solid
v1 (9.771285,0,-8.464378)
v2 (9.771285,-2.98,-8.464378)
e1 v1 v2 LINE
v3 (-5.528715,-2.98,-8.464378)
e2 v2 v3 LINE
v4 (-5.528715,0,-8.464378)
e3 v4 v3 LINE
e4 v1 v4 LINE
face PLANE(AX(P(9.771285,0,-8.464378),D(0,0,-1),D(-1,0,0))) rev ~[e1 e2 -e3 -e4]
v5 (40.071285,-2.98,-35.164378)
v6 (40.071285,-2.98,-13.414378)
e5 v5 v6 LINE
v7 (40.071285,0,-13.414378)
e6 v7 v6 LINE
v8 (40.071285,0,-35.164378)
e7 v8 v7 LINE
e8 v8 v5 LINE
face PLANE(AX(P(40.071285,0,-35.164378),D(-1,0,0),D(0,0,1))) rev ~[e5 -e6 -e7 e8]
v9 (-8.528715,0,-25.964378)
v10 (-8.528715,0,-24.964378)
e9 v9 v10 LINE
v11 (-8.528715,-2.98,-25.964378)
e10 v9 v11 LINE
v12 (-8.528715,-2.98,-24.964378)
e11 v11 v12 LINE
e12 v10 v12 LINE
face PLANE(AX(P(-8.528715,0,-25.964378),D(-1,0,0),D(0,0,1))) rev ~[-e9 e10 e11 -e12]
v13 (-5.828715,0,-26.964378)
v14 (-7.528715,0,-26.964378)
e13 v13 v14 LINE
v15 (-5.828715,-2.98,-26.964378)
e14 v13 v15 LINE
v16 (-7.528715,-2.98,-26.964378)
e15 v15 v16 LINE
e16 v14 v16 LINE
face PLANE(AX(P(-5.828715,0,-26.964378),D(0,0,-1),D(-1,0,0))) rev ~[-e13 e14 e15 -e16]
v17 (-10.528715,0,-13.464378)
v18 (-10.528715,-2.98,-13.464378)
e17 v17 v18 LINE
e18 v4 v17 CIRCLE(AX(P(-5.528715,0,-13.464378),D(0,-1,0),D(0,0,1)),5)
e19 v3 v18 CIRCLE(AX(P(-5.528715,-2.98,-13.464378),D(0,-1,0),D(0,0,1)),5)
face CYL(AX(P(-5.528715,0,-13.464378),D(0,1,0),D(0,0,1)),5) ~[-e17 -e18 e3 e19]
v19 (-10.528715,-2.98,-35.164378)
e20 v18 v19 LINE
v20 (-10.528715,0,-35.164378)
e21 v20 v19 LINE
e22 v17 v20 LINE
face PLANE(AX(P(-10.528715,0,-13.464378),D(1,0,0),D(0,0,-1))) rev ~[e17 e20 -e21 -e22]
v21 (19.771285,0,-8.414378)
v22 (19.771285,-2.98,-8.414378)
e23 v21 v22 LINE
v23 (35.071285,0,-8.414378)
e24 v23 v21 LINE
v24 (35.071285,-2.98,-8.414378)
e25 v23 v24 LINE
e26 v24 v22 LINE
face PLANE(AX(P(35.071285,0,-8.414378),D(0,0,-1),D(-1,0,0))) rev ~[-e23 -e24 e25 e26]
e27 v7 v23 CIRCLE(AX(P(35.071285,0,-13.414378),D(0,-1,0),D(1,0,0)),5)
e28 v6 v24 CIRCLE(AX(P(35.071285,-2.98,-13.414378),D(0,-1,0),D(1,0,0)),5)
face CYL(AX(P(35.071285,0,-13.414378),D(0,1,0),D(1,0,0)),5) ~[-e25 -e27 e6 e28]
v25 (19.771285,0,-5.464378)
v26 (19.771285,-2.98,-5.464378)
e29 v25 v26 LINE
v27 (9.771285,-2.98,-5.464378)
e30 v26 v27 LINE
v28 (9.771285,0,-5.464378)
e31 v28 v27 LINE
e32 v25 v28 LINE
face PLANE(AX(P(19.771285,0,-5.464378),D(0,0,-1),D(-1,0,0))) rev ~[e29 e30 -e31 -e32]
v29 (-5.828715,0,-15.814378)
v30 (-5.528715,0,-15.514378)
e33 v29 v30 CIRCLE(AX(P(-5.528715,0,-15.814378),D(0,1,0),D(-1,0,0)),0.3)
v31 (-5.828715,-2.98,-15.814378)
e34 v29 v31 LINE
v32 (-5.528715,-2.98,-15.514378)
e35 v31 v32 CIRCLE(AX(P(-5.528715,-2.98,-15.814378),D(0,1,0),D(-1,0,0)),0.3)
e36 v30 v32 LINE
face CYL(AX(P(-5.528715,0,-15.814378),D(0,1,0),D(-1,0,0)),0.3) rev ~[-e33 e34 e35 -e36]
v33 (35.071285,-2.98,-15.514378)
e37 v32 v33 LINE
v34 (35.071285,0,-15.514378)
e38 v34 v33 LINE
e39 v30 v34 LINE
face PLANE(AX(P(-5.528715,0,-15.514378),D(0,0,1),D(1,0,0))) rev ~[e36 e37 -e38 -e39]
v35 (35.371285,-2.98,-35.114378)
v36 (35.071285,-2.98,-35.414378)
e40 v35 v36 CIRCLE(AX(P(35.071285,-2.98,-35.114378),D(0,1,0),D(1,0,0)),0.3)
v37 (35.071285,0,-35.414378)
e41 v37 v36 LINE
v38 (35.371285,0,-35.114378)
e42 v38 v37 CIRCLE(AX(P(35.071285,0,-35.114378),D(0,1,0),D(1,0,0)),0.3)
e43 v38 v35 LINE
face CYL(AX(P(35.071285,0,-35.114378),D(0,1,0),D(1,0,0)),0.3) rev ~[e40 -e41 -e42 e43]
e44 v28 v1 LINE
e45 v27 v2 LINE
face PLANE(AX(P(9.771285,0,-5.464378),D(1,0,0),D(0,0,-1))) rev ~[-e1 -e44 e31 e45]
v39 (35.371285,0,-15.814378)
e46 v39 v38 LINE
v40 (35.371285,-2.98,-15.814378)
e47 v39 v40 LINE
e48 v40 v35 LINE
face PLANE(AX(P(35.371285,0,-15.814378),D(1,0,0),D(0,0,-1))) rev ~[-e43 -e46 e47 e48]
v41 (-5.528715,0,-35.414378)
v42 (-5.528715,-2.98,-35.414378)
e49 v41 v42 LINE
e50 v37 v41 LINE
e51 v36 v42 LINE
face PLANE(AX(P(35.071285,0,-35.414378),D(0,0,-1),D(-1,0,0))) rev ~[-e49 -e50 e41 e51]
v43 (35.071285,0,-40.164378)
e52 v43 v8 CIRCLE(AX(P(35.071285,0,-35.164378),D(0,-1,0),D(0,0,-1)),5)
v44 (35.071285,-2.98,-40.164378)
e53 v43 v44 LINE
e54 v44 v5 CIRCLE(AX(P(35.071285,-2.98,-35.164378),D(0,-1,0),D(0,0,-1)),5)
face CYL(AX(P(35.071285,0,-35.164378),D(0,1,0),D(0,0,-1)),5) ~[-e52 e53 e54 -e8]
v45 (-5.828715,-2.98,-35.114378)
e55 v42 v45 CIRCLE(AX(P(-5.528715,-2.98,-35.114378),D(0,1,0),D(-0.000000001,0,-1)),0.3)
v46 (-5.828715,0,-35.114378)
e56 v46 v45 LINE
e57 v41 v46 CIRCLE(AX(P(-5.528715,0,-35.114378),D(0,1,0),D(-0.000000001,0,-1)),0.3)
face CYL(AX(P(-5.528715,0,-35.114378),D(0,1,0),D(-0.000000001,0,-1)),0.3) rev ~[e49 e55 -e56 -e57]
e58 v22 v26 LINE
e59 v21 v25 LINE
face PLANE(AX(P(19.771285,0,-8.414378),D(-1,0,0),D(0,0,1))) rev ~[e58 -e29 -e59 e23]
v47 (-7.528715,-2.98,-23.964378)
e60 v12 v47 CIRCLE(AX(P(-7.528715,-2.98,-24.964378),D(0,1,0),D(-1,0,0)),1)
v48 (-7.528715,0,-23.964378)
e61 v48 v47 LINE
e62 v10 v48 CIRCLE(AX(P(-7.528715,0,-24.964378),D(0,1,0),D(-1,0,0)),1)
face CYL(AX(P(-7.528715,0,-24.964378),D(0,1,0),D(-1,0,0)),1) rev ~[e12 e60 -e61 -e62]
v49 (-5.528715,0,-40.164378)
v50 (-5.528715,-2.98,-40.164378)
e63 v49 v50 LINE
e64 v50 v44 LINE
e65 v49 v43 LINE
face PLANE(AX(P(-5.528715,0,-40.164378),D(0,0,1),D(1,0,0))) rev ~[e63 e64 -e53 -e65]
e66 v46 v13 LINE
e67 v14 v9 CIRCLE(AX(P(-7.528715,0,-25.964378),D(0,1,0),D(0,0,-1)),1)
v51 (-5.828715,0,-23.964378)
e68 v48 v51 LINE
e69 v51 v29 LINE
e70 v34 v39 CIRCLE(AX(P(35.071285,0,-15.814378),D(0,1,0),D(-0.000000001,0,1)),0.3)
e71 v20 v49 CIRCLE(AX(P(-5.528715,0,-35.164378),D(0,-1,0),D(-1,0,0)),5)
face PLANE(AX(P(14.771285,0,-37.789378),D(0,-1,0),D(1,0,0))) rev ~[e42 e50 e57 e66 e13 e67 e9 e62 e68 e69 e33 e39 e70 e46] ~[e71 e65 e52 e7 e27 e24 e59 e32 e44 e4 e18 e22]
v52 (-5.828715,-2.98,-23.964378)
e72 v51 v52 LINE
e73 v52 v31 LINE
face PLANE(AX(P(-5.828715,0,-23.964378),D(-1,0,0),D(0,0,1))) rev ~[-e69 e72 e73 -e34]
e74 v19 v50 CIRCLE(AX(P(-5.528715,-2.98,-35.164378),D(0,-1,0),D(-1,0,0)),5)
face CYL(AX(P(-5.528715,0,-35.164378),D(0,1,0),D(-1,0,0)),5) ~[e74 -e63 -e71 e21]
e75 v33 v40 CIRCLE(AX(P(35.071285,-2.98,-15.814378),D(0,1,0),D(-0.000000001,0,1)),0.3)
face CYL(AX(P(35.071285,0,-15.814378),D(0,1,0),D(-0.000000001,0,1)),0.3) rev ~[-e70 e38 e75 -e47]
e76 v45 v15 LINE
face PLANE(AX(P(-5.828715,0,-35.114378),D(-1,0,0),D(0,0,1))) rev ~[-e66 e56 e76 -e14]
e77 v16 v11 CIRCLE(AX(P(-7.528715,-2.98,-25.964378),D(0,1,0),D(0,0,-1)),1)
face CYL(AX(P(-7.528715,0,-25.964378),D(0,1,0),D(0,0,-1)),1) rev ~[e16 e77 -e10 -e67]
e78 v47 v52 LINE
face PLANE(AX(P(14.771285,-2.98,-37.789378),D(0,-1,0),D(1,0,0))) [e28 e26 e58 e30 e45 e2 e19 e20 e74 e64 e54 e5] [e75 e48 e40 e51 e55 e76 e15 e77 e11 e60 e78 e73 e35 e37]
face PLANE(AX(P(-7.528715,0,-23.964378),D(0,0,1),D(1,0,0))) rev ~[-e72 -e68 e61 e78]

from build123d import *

# Parameters (mm, degrees)
F0_W     = 8.4663171785
F0_H     = 4.75
F1_DEPTH = 2.98


with BuildPart() as f1:
    # F0 (on Front) → F1 (new body)
    with BuildSketch(Plane.XZ):
        with Locations((14.7712850711, -37.7893784919)):
            Rectangle(F0_W, F0_H)
        with BuildLine():
            Line((19.7712850711, -8.4143784919), (19.7712850711, -5.4643784919))
            Line((19.7712850711, -5.4643784919), (9.7712850711, -5.4643784919))
            Line((9.7712850711, -5.4643784919), (9.7712850711, -8.4643784919))
            Line((9.7712850711, -8.4643784919), (-5.5287149289, -8.4643784919))
            ThreePointArc((-5.5287149289, -8.4643784919), (-9.0642488348, -9.9288445859), (-10.5287149289, -13.4643784919))
            Line((-10.5287149289, -13.4643784919), (-10.5287149289, -15.8643784919))
            Line((-10.5287149289, -15.8643784919), (-10.5287149289, -35.1643784919))
            ThreePointArc((-10.5287149289, -35.1643784919), (-9.0642488348, -38.6999123978), (-5.5287149289, -40.1643784919))
            Line((-5.5287149289, -40.1643784919), (10.5381264819, -40.1643784919))
            Line((10.5381264819, -40.1643784919), (10.5381264819, -35.4143784919))
            Line((10.5381264819, -35.4143784919), (-5.5287149289, -35.4143784919))
            ThreePointArc((-5.5287149289, -35.4143784919), (-5.7408469632, -35.3265105262), (-5.8287149289, -35.1143784919))
            Line((-5.8287149289, -35.1143784919), (-5.8287149289, -26.9643784919))
            Line((-5.8287149289, -26.9643784919), (-7.5287149289, -26.9643784919))
            ThreePointArc((-7.5287149289, -26.9643784919), (-8.2358217101, -26.6714852731), (-8.5287149289, -25.9643784919))
            Line((-8.5287149289, -25.9643784919), (-8.5287149289, -24.9643784919))
            ThreePointArc((-8.5287149289, -24.9643784919), (-8.2358217101, -24.2572717107), (-7.5287149289, -23.9643784919))
            Line((-7.5287149289, -23.9643784919), (-5.8287149289, -23.9643784919))
            Line((-5.8287149289, -23.9643784919), (-5.8287149289, -15.8143784919))
            ThreePointArc((-5.8287149289, -15.8143784919), (-5.7408469632, -15.6022464575), (-5.5287149289, -15.5143784919))
            Line((-5.5287149289, -15.5143784919), (35.0712850711, -15.5143784919))
            ThreePointArc((35.0712850711, -15.5143784919), (35.2834171055, -15.6022464575), (35.3712850711, -15.8143784919))
            Line((35.3712850711, -15.8143784919), (35.3712850711, -35.1143784919))
            ThreePointArc((35.3712850711, -35.1143784919), (35.2834171055, -35.3265105262), (35.0712850711, -35.4143784919))
            Line((35.0712850711, -35.4143784919), (19.0044436604, -35.4143784919))
            Line((19.0044436604, -35.4143784919), (19.0044436604, -40.1643784919))
            Line((19.0044436604, -40.1643784919), (35.0712850711, -40.1643784919))
            ThreePointArc((35.0712850711, -40.1643784919), (38.6068189771, -38.6999123978), (40.0712850711, -35.1643784919))
            Line((40.0712850711, -35.1643784919), (40.0712850711, -13.4143784919))
            ThreePointArc((40.0712850711, -13.4143784919), (38.6068189771, -9.8788445859), (35.0712850711, -8.4143784919))
            Line((35.0712850711, -8.4143784919), (19.7712850711, -8.4143784919))
        make_face()
    extrude(amount=F1_DEPTH)


solid = f1.part
